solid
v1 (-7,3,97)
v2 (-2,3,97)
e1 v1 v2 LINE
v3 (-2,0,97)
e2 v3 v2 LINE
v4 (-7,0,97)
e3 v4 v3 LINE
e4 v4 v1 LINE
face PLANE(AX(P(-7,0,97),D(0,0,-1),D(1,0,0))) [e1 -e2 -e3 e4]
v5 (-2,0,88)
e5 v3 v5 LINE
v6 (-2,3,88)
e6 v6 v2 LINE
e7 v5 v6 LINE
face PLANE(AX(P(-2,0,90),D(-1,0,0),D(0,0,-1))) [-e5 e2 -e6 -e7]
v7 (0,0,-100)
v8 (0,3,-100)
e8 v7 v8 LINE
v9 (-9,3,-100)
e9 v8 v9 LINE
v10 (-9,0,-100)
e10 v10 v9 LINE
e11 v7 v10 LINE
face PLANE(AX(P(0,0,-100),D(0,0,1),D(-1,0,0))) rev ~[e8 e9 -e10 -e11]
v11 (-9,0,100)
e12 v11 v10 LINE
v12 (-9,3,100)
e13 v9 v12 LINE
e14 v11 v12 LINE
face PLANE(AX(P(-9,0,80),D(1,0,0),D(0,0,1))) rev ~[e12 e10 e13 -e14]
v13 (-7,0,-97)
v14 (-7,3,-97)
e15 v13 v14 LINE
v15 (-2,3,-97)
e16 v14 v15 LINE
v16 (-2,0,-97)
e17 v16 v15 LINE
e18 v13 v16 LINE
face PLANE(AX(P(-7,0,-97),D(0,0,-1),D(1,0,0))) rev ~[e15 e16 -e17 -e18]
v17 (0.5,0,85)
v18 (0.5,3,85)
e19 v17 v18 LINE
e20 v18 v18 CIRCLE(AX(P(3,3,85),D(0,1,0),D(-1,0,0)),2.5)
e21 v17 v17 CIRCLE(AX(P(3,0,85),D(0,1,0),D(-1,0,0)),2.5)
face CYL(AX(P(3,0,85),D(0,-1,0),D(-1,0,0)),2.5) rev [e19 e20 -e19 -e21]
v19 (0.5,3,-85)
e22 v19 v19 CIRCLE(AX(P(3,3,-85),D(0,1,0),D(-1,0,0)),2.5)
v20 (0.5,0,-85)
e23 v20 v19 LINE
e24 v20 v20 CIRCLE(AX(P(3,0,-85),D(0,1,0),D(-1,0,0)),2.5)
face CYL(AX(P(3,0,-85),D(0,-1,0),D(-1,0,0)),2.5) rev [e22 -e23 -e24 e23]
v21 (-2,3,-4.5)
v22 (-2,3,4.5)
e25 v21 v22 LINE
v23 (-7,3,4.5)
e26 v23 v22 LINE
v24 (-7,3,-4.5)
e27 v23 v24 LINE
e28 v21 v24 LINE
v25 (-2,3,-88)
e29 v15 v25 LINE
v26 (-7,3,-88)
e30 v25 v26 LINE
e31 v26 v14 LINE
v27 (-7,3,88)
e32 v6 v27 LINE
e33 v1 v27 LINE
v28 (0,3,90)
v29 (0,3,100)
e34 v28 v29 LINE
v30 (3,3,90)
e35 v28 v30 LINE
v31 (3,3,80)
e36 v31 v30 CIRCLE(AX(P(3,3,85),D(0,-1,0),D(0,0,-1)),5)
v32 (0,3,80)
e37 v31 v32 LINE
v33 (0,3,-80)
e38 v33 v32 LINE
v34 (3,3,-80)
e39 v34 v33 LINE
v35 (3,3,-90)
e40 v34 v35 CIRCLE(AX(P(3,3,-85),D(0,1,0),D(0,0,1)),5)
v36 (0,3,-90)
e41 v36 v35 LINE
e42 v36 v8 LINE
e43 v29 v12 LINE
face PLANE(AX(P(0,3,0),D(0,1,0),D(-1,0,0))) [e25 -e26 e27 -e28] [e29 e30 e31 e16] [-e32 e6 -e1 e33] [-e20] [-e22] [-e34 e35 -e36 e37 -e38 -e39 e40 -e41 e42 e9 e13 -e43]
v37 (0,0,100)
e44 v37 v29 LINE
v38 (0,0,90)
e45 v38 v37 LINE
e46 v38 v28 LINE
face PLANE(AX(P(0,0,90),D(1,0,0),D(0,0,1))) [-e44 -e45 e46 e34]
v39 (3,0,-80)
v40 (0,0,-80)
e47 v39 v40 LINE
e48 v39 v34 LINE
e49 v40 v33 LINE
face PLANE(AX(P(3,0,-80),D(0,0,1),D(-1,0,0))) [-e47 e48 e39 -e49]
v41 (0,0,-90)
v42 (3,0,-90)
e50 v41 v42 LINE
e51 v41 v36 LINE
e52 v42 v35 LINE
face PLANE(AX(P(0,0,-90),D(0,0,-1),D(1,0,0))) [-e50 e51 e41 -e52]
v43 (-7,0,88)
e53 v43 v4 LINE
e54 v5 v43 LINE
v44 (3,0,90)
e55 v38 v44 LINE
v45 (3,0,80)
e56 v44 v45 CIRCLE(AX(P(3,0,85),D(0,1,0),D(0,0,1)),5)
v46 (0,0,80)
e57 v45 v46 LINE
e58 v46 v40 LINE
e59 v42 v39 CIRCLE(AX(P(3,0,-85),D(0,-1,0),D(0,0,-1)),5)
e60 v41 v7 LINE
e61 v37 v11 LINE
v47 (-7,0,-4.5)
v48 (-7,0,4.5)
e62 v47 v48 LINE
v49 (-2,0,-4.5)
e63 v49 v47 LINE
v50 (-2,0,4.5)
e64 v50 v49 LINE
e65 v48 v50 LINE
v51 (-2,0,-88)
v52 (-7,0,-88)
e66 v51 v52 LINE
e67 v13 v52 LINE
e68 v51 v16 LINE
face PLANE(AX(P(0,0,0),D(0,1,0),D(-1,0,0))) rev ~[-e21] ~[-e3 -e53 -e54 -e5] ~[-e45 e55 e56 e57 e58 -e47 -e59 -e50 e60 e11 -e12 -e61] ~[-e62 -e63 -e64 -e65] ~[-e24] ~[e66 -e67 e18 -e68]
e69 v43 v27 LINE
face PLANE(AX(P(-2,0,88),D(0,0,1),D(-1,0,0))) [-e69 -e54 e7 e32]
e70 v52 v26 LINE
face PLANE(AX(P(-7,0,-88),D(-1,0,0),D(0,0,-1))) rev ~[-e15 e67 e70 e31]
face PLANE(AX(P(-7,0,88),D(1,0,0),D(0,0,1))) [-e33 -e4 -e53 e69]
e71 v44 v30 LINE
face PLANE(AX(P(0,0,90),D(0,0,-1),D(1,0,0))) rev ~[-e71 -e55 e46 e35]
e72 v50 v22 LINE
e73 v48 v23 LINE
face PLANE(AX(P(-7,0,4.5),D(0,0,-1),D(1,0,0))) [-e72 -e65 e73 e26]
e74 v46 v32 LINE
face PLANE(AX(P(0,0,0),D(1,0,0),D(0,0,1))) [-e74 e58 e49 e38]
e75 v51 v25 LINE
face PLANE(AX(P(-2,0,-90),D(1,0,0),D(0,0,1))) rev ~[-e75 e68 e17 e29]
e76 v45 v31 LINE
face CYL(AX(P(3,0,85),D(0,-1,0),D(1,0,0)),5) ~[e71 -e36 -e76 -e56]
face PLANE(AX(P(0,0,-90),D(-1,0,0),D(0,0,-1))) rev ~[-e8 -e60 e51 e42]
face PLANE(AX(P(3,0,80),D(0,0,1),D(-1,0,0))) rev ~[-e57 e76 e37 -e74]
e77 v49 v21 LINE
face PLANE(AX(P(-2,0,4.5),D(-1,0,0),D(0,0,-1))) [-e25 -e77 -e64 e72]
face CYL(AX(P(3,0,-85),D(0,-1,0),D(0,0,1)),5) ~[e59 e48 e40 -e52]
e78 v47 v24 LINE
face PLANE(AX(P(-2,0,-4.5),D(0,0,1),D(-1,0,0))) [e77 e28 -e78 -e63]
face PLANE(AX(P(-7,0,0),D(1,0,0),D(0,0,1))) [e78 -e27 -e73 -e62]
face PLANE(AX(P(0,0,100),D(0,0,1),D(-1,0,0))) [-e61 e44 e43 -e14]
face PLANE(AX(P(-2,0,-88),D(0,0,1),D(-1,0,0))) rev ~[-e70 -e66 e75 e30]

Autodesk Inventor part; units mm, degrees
ref_plane "YZ Plane" through (0, 0, 0) normal (1, 0, 0) x (0, 1, 0)
ref_plane "XZ Plane" through (0, 0, 0) normal (0, 1, 0) x (-1, 0, 0)
ref_plane "XY Plane" through (0, 0, 0) normal (0, 0, 1) x (1, 0, 0)
sketch "草圖1" plane through (0, 0, 0) normal (0, 1, 0) x (-1, 0, 0)
  line L0 (0, 80) -> (9, 80)
  line L1 (9, 80) -> (9, -80)
  line L2 (9, -80) -> (0, -80)
  line L3 (0, -80) -> (0, 80)
  line L4 (7, 4.5) -> (2, 4.5)
  line L5 (2, 4.5) -> (2, -4.5)
  line L6 (2, -4.5) -> (7, -4.5)
  line L7 (7, -4.5) -> (7, 4.5)
  line L8 (9, 80) -> (9, 90)
  line L9 (9, 90) -> (-3, 90)
  line L10 (-8, 85) -> (-8, 85)
  line L11 (-3, 80) -> (0, 80)
  arc A0 (-8, 85) -> (-3, 80) centre (-3, 85) ccw
  arc A1 (-3, 90) -> (-8, 85) centre (-3, 85) ccw
  circle A2 centre (-3, 85) radius 2.5
  line L12 (9, 0) -> (0, 0)
  line L13 (9, -80) -> (9, -90)
  line L14 (9, -90) -> (-3, -90)
  line L15 (-3, -80) -> (0, -80)
  arc A3 (-3, -80) -> (-8, -85) centre (-3, -85) ccw
  arc A4 (-8, -85) -> (-3, -90) centre (-3, -85) ccw
  circle A5 centre (-3, -85) radius 2.5
  line L16 (9, 90) -> (0, 90)
  line L17 (0, 90) -> (0, 100)
  line L18 (0, 100) -> (9, 100)
  line L19 (9, 100) -> (9, 90)
  line L20 (9, -90) -> (0, -90)
  line L21 (0, -90) -> (0, -100)
  line L22 (0, -100) -> (9, -100)
  line L23 (9, -100) -> (9, -90)
  line L24 (7, 97) -> (2, 97)
  line L25 (2, 97) -> (2, 88)
  line L26 (2, 88) -> (7, 88)
  line L27 (7, 88) -> (7, 97)
  line L28 (7, -97) -> (2, -97)
  line L29 (2, -97) -> (2, -88)
  line L30 (2, -88) -> (7, -88)
  line L31 (7, -88) -> (7, -97)
  point P0 (7, 0)
  point P1 (4.5, 4.5)
  point P2 (4.5, 80)
  point P3 (-8, 90)
  point P4 (-8, -90)
  point P5 (-8, -85)
  point P6 (0, -90)
  point P7 (4.5, 97)
  point P8 (4.5, 100)
  point P9 (4.5, -97)
  dimension "d0" = 160
  dimension "d1" = 9
  dimension "d2" = 9
  dimension "d3" = 5
  dimension "d4" = 10
  dimension "d5" = 17
  dimension "d6" = 5
  dimension "d7" = 5
  dimension "d8" = 5
  dimension "d11" = 10
  dimension "d12" = 9
  dimension "d13" = 9
  dimension "d14" = 10
  dimension "d15" = 5
  dimension "d16" = 9
  dimension "d17" = 3
extrude "擠出1" add sketch "草圖1" along normal blind 3 contours L11 A0 A1 L9 L25 L26 L27 L8 L0 | L0 L1 L12 L7 L4 L5 L3 | L12 L5 L6 L7 L1 L2 L3 | L9 L27 L24 L25 L17 L18 L19 | L2 L13 L14 L31 L30 L29 A4 A3 L15 | L23 L22 L21 L14 L29 L28 L31
properties part number "upper_Bar" material "MDF Medium Density Fiberboard"
